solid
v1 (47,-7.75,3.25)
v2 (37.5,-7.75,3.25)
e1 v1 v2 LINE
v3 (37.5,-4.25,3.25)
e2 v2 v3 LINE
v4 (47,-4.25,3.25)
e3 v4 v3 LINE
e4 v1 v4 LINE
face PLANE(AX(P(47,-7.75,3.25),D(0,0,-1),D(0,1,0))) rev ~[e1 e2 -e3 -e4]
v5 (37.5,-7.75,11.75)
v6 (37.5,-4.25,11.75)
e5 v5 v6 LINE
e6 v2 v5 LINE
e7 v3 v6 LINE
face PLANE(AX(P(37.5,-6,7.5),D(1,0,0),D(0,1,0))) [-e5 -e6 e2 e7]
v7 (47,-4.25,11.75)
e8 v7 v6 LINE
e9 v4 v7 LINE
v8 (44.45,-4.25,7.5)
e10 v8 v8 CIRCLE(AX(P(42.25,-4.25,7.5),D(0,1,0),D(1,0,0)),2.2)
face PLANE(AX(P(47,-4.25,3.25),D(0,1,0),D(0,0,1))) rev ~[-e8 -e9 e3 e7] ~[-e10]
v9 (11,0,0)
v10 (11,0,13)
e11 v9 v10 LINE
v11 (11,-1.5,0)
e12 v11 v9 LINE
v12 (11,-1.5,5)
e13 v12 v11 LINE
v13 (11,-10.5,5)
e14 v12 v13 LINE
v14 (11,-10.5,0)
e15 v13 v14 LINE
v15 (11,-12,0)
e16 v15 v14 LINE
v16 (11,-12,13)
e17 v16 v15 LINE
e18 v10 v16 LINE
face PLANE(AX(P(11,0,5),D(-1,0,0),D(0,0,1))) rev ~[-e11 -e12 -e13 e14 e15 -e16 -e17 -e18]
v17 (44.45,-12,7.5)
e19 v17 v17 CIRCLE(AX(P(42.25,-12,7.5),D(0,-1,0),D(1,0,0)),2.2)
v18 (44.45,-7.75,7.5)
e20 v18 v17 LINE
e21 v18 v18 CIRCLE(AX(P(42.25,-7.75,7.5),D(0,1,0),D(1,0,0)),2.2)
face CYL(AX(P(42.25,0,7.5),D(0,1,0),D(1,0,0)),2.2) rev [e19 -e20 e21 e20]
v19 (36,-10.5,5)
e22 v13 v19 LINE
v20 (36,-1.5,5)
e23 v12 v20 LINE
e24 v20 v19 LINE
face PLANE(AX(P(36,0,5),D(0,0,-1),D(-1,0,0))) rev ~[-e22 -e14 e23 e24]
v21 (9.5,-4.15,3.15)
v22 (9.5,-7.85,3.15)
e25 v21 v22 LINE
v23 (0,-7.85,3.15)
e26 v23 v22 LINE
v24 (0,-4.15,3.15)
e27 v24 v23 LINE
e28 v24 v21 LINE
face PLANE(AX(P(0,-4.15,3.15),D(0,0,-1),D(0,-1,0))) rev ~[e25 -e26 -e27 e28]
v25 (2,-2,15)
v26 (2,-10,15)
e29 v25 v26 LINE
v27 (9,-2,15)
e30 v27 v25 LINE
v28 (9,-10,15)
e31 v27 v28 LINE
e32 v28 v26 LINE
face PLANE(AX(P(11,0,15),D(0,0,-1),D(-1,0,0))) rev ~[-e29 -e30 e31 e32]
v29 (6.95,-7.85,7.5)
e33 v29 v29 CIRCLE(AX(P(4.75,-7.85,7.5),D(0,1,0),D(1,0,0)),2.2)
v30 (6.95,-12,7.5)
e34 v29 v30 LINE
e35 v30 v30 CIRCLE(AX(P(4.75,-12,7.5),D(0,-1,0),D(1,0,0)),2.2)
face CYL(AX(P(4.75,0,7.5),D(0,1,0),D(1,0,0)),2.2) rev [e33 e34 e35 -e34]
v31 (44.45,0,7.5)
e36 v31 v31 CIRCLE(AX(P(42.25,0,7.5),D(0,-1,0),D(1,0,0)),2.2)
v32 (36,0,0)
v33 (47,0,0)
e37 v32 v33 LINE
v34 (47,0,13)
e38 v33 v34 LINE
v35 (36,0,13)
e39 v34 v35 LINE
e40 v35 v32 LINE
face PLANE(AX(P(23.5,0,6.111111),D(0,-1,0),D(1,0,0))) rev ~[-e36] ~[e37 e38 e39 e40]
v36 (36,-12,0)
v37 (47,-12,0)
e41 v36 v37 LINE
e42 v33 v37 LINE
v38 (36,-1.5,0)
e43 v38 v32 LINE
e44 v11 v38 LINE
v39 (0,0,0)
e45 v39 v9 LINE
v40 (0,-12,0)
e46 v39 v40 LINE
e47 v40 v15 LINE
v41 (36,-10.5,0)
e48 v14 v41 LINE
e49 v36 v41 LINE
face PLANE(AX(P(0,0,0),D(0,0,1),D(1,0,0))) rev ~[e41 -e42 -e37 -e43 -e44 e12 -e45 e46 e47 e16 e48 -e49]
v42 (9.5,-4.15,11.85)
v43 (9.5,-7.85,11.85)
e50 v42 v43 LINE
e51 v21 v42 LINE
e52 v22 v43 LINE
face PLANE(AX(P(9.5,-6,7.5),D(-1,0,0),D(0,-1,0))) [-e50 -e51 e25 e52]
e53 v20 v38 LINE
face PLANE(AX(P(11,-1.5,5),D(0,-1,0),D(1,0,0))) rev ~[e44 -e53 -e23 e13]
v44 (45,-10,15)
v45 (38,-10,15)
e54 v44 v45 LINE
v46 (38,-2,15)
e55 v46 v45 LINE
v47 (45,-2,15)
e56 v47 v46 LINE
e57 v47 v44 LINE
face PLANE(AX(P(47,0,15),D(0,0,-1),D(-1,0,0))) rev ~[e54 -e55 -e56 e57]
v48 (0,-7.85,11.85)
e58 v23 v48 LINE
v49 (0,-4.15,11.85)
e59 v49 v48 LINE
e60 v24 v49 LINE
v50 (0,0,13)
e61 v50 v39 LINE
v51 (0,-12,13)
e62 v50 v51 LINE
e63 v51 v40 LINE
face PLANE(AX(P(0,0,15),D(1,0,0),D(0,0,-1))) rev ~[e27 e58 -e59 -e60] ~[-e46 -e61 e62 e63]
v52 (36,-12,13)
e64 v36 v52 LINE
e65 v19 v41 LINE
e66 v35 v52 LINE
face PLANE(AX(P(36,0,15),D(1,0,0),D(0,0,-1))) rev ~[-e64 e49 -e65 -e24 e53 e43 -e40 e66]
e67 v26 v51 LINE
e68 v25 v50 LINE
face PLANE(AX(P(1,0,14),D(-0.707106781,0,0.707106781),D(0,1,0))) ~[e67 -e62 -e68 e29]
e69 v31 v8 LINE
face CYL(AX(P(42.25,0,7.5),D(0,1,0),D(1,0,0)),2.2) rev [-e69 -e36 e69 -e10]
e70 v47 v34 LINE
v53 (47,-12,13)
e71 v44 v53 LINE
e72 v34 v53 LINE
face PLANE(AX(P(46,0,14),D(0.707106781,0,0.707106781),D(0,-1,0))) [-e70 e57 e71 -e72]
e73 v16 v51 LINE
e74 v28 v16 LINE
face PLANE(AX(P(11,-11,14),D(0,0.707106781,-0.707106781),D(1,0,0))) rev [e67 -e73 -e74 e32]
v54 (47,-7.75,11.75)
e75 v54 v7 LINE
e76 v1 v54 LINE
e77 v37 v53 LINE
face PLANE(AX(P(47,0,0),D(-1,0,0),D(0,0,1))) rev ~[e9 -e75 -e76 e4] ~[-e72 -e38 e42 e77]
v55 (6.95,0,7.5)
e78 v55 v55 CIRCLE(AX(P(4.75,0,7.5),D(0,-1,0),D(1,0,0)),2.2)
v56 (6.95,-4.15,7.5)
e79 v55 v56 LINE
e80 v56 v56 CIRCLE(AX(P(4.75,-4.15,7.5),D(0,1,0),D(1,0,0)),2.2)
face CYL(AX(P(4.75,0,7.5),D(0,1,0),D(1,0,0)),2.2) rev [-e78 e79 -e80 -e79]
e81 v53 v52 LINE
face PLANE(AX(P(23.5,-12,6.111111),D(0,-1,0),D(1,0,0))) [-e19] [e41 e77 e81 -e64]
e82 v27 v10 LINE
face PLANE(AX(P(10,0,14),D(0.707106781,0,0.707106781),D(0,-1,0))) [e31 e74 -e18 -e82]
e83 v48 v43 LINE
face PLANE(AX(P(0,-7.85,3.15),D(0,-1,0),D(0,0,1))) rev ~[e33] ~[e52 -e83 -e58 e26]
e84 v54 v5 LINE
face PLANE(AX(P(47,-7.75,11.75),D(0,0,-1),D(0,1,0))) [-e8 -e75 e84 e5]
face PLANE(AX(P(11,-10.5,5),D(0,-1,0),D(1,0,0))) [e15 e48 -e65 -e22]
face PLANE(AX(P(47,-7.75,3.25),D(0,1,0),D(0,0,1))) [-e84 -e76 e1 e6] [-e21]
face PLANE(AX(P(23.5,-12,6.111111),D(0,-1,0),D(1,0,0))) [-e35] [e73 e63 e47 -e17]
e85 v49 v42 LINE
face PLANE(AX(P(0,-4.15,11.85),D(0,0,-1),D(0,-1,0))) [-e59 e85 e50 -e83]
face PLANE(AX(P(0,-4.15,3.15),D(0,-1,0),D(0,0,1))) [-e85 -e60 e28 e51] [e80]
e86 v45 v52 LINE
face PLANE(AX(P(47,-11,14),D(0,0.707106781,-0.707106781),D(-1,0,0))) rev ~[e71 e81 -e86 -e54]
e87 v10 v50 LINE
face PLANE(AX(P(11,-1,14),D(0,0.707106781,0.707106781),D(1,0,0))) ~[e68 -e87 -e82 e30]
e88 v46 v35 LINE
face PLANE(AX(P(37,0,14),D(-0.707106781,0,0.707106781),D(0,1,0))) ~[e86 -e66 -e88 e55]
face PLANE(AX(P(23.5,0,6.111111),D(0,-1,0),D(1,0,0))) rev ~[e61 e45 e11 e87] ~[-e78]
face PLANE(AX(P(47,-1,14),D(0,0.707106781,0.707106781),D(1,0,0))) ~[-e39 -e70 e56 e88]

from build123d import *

# Parameters (mm, degrees)
F0_R     = 2.2
F1_DEPTH = 12
F2_W     = 3.5
F2_H     = 8.5
F3_DEPTH = 9.5
F4_W     = 3.7
F4_H     = 8.7
F5_DEPTH = 9.5
F6_W     = 25
F6_H     = 1.5
F7_DEPTH = 5.001
F8_SIZE  = 2


with BuildPart() as f1:
    # F0 (on Front) → F1 (new body)
    with BuildSketch(Plane.XZ):
        Polygon((11, 15), (0, 15), (0, 0), (47, 0), (47, 15), (36, 15), (36, 5), (11, 5), align=None)
        with Locations((4.75, 7.5)):
            Circle(F0_R, mode=Mode.SUBTRACT)
        with Locations((42.25, 7.5)):
            Circle(F0_R, mode=Mode.SUBTRACT)
    extrude(amount=F1_DEPTH)

    # F2 (on face) → F3 (cut)
    with BuildSketch(Plane.YZ.offset(47)):
        with Locations((-6, 7.5)):
            Rectangle(F2_W, F2_H)
    extrude(amount=-F3_DEPTH, mode=Mode.SUBTRACT)

    # F4 (on face) → F5 (cut)
    with BuildSketch(Plane(origin=(0, 0, 0), x_dir=(0, -1, 0), z_dir=(-1, 0, 0))):
        with Locations((6, 7.5)):
            Rectangle(F4_W, F4_H)
    extrude(amount=-F5_DEPTH, mode=Mode.SUBTRACT)

    # F6 (on face) → F7 (cut, through all)
    with BuildSketch(Plane.XY.offset(5)):
        with Locations((23.5, -0.75)):
            Rectangle(F6_W, F6_H)
        with Locations((23.5, -11.25)):
            Rectangle(F6_W, F6_H)
    extrude(amount=-F7_DEPTH, mode=Mode.SUBTRACT)

    # F8
    f8_edges = [f1.edges().sort_by_distance(p)[0] for p in [
        (11, -6, 15),
        (0, -6, 15),
        (5.5, 0, 15),
        (5.5, -12, 15),
        (47, -6, 15),
        (36, -6, 15),
        (41.5, 0, 15),
        (41.5, -12, 15),
    ]]
    chamfer(f8_edges, length=F8_SIZE)


solid = f1.part
